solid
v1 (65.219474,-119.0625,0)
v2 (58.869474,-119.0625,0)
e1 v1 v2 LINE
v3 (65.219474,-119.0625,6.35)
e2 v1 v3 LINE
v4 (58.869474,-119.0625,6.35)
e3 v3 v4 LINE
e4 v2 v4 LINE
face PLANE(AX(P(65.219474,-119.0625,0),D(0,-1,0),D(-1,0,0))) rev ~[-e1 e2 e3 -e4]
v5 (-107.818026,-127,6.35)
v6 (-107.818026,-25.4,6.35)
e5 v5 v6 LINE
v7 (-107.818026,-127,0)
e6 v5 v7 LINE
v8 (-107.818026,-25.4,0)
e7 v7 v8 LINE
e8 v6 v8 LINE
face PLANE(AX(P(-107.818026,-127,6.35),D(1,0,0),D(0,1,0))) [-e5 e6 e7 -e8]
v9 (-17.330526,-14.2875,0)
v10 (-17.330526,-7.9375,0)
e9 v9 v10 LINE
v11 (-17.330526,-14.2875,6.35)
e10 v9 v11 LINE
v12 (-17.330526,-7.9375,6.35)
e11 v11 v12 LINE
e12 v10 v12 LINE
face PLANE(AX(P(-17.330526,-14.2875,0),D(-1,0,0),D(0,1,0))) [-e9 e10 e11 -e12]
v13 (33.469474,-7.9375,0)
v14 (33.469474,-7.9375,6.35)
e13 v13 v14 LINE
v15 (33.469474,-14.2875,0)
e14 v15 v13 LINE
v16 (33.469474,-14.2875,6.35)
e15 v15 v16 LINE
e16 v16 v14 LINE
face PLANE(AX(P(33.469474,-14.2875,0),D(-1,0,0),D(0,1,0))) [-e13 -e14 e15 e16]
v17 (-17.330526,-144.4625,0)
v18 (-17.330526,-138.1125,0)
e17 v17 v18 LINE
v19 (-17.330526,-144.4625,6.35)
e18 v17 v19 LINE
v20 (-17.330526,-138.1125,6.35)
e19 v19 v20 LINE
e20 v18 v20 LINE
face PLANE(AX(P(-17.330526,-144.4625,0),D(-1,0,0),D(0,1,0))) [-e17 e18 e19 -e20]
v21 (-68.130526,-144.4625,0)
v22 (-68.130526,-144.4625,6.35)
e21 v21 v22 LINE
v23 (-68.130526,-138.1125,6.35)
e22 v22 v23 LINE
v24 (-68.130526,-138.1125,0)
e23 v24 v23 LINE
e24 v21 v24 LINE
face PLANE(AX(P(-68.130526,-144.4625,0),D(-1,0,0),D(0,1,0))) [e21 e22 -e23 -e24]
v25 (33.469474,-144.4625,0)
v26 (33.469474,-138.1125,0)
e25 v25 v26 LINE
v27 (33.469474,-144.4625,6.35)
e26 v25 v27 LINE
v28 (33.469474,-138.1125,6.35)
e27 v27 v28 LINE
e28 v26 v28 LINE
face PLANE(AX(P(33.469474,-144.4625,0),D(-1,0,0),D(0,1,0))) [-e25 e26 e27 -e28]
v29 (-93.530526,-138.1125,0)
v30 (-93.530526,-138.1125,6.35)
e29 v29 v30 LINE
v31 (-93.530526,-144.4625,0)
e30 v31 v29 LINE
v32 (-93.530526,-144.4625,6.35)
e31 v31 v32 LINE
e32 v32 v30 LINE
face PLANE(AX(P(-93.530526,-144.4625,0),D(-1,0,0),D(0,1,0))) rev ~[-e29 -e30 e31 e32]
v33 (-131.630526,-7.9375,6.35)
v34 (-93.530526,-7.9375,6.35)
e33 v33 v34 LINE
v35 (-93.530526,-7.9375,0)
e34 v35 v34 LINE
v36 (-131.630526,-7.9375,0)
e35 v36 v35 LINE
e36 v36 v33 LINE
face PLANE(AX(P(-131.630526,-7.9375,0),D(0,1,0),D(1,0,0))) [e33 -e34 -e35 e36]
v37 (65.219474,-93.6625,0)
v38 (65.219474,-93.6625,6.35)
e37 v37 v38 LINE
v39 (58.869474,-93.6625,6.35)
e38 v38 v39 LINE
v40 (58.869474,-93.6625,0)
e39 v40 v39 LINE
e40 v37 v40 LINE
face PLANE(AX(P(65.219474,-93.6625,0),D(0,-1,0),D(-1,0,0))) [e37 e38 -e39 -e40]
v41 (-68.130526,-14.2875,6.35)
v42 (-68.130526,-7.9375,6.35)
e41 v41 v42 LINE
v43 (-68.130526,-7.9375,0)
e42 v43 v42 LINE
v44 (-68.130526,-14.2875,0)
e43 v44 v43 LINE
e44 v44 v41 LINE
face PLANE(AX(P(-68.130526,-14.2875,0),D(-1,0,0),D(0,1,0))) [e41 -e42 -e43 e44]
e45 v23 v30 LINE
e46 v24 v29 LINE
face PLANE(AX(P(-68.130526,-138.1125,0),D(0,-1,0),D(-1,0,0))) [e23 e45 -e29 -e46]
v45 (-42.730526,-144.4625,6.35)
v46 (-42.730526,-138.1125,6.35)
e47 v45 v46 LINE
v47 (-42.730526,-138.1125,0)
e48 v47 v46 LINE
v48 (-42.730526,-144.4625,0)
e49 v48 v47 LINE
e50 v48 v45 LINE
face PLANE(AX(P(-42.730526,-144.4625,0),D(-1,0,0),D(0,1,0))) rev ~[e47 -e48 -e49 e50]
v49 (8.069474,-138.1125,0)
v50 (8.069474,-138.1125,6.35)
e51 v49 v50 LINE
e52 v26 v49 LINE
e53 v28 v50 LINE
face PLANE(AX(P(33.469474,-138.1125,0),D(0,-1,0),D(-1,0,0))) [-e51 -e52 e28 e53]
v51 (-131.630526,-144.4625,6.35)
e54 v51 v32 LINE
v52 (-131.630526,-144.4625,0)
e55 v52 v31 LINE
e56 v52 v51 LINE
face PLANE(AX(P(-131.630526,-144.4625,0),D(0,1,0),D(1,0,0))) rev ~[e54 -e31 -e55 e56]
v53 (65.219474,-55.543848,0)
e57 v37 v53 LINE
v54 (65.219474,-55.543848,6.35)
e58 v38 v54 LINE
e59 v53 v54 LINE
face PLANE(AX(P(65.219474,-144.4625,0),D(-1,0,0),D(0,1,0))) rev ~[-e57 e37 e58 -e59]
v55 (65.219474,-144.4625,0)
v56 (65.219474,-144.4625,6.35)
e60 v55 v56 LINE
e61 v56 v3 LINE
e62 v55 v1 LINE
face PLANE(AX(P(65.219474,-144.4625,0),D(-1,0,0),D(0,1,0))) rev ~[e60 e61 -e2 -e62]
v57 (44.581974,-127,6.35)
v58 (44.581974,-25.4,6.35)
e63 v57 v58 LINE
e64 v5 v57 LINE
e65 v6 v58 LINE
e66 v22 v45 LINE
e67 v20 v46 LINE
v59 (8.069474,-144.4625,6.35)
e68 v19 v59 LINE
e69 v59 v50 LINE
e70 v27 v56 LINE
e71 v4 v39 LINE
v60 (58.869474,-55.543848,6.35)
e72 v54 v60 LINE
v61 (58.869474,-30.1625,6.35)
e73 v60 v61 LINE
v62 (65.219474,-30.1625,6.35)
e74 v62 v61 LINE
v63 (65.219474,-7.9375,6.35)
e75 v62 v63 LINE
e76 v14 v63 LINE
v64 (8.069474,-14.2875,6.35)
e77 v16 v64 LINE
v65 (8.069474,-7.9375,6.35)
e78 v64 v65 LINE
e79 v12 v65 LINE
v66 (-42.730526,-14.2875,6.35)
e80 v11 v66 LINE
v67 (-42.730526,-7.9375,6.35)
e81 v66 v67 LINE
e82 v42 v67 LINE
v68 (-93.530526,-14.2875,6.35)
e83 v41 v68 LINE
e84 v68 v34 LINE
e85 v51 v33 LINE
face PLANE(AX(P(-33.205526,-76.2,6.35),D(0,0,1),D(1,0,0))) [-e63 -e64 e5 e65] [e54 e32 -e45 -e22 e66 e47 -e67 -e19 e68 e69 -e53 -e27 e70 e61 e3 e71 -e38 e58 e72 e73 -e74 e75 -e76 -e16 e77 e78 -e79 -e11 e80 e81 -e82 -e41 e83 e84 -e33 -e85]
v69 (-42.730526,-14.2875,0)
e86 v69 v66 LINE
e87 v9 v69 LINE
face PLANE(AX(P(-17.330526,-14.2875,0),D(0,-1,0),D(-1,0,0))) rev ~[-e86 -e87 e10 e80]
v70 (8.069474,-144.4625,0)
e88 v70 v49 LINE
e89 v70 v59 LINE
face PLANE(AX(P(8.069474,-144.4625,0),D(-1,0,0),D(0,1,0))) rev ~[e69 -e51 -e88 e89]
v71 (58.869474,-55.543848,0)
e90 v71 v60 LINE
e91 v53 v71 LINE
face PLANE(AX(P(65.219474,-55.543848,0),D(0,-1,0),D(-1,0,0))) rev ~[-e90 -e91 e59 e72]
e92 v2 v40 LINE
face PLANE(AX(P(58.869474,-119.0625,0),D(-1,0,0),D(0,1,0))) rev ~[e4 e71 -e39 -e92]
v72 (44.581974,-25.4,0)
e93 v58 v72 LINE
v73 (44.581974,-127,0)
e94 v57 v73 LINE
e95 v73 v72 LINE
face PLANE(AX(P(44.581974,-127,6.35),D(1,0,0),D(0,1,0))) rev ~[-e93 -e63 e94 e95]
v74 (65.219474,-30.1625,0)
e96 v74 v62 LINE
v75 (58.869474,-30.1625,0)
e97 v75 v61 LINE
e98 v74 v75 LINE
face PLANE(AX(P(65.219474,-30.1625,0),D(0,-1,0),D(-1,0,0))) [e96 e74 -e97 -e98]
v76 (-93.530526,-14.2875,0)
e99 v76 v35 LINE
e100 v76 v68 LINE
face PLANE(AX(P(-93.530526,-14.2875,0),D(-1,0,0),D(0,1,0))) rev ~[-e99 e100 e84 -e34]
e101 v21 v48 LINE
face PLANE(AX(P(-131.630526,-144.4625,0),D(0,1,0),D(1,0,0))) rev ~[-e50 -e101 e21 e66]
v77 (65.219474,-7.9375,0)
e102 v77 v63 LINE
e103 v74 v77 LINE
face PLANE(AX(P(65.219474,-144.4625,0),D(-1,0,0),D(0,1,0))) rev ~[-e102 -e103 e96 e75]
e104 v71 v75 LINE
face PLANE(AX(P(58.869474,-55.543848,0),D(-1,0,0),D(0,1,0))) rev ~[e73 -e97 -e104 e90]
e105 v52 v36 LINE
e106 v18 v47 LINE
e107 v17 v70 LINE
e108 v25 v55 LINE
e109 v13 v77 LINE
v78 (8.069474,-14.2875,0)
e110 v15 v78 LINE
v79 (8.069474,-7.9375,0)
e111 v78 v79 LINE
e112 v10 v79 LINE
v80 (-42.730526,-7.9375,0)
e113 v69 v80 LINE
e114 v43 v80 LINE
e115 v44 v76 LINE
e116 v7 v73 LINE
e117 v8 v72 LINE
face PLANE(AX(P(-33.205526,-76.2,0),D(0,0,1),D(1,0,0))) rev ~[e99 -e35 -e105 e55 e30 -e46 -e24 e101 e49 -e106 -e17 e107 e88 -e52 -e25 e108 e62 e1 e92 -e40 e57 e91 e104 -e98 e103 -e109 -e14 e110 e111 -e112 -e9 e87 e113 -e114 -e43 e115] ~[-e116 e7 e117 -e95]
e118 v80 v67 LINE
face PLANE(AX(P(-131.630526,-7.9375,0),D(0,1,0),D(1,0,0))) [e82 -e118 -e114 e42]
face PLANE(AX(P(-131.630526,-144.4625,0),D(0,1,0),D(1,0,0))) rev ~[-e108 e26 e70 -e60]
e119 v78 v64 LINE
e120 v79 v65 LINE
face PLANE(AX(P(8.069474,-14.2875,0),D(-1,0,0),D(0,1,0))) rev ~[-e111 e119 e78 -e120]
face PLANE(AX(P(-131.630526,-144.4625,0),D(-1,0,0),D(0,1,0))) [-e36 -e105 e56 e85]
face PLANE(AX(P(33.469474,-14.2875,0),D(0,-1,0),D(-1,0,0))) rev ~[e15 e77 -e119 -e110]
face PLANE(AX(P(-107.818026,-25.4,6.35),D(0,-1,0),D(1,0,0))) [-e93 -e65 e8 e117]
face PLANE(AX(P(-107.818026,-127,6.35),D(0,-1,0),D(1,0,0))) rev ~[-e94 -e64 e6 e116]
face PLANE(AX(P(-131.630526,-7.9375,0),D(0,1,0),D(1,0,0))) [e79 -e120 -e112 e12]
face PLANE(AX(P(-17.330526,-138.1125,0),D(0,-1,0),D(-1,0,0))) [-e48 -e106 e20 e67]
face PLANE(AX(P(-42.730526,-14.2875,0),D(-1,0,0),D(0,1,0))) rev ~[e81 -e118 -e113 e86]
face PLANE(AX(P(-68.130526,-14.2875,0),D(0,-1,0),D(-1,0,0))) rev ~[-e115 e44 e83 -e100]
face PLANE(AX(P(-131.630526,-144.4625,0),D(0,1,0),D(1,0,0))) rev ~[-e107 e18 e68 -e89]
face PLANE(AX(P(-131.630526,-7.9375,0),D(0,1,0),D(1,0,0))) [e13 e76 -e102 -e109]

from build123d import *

# Parameters (mm, degrees)
SKETCH1_W           = 196.85
SKETCH1_H           = 136.525
BOSS_EXTRUDE1_DEPTH = 6.35
SKETCH2_W           = 152.4
SKETCH2_H           = 101.6
CUT_EXTRUDE1_DEPTH  = 196.541125609
SKETCH3_W           = 6.35
SKETCH3_H           = 25.4
SKETCH3_H_2         = 25.381347512
SKETCH3_W_2         = 25.4
SKETCH3_H_3         = 6.35
CUT_EXTRUDE2_DEPTH  = 6.35


with BuildPart() as part:
    # Sketch1 → Boss-Extrude1 (new body)
    with BuildSketch(Plane.XY):
        with Locations((-33.205526088, -76.2)):
            Rectangle(SKETCH1_W, SKETCH1_H)
    extrude(amount=BOSS_EXTRUDE1_DEPTH)

    # Sketch2 → Cut-Extrude1 (cut, through all)
    with BuildSketch(Plane.XY.offset(6.35)):
        with Locations((-31.618026088, -76.2)):
            Rectangle(SKETCH2_W, SKETCH2_H)
    extrude(amount=-CUT_EXTRUDE1_DEPTH, mode=Mode.SUBTRACT)

    # Sketch3 → Cut-Extrude2 (cut)
    with BuildSketch(Plane(origin=(0, 0, 0), x_dir=(-1, 0, 0), z_dir=(0, 0, -1))):
        with Locations((-62.044473912, -106.3625)):
            Rectangle(SKETCH3_W, SKETCH3_H)
        with Locations((-62.044473912, -42.853173756)):
            Rectangle(SKETCH3_W, SKETCH3_H_2)
        with Locations((-20.769473912, -11.1125)):
            Rectangle(SKETCH3_W_2, SKETCH3_H_3)
        with Locations((30.030526088, -11.1125)):
            Rectangle(SKETCH3_W_2, SKETCH3_H_3)
        with Locations((80.830526088, -11.1125)):
            Rectangle(SKETCH3_W_2, SKETCH3_H_3)
        with Locations((-20.769473912, -141.2875)):
            Rectangle(SKETCH3_W_2, SKETCH3_H_3)
        with Locations((30.030526088, -141.2875)):
            Rectangle(SKETCH3_W_2, SKETCH3_H_3)
        with Locations((80.830526088, -141.2875)):
            Rectangle(SKETCH3_W_2, SKETCH3_H_3)
    extrude(amount=-CUT_EXTRUDE2_DEPTH, mode=Mode.SUBTRACT)


solid = part.part
